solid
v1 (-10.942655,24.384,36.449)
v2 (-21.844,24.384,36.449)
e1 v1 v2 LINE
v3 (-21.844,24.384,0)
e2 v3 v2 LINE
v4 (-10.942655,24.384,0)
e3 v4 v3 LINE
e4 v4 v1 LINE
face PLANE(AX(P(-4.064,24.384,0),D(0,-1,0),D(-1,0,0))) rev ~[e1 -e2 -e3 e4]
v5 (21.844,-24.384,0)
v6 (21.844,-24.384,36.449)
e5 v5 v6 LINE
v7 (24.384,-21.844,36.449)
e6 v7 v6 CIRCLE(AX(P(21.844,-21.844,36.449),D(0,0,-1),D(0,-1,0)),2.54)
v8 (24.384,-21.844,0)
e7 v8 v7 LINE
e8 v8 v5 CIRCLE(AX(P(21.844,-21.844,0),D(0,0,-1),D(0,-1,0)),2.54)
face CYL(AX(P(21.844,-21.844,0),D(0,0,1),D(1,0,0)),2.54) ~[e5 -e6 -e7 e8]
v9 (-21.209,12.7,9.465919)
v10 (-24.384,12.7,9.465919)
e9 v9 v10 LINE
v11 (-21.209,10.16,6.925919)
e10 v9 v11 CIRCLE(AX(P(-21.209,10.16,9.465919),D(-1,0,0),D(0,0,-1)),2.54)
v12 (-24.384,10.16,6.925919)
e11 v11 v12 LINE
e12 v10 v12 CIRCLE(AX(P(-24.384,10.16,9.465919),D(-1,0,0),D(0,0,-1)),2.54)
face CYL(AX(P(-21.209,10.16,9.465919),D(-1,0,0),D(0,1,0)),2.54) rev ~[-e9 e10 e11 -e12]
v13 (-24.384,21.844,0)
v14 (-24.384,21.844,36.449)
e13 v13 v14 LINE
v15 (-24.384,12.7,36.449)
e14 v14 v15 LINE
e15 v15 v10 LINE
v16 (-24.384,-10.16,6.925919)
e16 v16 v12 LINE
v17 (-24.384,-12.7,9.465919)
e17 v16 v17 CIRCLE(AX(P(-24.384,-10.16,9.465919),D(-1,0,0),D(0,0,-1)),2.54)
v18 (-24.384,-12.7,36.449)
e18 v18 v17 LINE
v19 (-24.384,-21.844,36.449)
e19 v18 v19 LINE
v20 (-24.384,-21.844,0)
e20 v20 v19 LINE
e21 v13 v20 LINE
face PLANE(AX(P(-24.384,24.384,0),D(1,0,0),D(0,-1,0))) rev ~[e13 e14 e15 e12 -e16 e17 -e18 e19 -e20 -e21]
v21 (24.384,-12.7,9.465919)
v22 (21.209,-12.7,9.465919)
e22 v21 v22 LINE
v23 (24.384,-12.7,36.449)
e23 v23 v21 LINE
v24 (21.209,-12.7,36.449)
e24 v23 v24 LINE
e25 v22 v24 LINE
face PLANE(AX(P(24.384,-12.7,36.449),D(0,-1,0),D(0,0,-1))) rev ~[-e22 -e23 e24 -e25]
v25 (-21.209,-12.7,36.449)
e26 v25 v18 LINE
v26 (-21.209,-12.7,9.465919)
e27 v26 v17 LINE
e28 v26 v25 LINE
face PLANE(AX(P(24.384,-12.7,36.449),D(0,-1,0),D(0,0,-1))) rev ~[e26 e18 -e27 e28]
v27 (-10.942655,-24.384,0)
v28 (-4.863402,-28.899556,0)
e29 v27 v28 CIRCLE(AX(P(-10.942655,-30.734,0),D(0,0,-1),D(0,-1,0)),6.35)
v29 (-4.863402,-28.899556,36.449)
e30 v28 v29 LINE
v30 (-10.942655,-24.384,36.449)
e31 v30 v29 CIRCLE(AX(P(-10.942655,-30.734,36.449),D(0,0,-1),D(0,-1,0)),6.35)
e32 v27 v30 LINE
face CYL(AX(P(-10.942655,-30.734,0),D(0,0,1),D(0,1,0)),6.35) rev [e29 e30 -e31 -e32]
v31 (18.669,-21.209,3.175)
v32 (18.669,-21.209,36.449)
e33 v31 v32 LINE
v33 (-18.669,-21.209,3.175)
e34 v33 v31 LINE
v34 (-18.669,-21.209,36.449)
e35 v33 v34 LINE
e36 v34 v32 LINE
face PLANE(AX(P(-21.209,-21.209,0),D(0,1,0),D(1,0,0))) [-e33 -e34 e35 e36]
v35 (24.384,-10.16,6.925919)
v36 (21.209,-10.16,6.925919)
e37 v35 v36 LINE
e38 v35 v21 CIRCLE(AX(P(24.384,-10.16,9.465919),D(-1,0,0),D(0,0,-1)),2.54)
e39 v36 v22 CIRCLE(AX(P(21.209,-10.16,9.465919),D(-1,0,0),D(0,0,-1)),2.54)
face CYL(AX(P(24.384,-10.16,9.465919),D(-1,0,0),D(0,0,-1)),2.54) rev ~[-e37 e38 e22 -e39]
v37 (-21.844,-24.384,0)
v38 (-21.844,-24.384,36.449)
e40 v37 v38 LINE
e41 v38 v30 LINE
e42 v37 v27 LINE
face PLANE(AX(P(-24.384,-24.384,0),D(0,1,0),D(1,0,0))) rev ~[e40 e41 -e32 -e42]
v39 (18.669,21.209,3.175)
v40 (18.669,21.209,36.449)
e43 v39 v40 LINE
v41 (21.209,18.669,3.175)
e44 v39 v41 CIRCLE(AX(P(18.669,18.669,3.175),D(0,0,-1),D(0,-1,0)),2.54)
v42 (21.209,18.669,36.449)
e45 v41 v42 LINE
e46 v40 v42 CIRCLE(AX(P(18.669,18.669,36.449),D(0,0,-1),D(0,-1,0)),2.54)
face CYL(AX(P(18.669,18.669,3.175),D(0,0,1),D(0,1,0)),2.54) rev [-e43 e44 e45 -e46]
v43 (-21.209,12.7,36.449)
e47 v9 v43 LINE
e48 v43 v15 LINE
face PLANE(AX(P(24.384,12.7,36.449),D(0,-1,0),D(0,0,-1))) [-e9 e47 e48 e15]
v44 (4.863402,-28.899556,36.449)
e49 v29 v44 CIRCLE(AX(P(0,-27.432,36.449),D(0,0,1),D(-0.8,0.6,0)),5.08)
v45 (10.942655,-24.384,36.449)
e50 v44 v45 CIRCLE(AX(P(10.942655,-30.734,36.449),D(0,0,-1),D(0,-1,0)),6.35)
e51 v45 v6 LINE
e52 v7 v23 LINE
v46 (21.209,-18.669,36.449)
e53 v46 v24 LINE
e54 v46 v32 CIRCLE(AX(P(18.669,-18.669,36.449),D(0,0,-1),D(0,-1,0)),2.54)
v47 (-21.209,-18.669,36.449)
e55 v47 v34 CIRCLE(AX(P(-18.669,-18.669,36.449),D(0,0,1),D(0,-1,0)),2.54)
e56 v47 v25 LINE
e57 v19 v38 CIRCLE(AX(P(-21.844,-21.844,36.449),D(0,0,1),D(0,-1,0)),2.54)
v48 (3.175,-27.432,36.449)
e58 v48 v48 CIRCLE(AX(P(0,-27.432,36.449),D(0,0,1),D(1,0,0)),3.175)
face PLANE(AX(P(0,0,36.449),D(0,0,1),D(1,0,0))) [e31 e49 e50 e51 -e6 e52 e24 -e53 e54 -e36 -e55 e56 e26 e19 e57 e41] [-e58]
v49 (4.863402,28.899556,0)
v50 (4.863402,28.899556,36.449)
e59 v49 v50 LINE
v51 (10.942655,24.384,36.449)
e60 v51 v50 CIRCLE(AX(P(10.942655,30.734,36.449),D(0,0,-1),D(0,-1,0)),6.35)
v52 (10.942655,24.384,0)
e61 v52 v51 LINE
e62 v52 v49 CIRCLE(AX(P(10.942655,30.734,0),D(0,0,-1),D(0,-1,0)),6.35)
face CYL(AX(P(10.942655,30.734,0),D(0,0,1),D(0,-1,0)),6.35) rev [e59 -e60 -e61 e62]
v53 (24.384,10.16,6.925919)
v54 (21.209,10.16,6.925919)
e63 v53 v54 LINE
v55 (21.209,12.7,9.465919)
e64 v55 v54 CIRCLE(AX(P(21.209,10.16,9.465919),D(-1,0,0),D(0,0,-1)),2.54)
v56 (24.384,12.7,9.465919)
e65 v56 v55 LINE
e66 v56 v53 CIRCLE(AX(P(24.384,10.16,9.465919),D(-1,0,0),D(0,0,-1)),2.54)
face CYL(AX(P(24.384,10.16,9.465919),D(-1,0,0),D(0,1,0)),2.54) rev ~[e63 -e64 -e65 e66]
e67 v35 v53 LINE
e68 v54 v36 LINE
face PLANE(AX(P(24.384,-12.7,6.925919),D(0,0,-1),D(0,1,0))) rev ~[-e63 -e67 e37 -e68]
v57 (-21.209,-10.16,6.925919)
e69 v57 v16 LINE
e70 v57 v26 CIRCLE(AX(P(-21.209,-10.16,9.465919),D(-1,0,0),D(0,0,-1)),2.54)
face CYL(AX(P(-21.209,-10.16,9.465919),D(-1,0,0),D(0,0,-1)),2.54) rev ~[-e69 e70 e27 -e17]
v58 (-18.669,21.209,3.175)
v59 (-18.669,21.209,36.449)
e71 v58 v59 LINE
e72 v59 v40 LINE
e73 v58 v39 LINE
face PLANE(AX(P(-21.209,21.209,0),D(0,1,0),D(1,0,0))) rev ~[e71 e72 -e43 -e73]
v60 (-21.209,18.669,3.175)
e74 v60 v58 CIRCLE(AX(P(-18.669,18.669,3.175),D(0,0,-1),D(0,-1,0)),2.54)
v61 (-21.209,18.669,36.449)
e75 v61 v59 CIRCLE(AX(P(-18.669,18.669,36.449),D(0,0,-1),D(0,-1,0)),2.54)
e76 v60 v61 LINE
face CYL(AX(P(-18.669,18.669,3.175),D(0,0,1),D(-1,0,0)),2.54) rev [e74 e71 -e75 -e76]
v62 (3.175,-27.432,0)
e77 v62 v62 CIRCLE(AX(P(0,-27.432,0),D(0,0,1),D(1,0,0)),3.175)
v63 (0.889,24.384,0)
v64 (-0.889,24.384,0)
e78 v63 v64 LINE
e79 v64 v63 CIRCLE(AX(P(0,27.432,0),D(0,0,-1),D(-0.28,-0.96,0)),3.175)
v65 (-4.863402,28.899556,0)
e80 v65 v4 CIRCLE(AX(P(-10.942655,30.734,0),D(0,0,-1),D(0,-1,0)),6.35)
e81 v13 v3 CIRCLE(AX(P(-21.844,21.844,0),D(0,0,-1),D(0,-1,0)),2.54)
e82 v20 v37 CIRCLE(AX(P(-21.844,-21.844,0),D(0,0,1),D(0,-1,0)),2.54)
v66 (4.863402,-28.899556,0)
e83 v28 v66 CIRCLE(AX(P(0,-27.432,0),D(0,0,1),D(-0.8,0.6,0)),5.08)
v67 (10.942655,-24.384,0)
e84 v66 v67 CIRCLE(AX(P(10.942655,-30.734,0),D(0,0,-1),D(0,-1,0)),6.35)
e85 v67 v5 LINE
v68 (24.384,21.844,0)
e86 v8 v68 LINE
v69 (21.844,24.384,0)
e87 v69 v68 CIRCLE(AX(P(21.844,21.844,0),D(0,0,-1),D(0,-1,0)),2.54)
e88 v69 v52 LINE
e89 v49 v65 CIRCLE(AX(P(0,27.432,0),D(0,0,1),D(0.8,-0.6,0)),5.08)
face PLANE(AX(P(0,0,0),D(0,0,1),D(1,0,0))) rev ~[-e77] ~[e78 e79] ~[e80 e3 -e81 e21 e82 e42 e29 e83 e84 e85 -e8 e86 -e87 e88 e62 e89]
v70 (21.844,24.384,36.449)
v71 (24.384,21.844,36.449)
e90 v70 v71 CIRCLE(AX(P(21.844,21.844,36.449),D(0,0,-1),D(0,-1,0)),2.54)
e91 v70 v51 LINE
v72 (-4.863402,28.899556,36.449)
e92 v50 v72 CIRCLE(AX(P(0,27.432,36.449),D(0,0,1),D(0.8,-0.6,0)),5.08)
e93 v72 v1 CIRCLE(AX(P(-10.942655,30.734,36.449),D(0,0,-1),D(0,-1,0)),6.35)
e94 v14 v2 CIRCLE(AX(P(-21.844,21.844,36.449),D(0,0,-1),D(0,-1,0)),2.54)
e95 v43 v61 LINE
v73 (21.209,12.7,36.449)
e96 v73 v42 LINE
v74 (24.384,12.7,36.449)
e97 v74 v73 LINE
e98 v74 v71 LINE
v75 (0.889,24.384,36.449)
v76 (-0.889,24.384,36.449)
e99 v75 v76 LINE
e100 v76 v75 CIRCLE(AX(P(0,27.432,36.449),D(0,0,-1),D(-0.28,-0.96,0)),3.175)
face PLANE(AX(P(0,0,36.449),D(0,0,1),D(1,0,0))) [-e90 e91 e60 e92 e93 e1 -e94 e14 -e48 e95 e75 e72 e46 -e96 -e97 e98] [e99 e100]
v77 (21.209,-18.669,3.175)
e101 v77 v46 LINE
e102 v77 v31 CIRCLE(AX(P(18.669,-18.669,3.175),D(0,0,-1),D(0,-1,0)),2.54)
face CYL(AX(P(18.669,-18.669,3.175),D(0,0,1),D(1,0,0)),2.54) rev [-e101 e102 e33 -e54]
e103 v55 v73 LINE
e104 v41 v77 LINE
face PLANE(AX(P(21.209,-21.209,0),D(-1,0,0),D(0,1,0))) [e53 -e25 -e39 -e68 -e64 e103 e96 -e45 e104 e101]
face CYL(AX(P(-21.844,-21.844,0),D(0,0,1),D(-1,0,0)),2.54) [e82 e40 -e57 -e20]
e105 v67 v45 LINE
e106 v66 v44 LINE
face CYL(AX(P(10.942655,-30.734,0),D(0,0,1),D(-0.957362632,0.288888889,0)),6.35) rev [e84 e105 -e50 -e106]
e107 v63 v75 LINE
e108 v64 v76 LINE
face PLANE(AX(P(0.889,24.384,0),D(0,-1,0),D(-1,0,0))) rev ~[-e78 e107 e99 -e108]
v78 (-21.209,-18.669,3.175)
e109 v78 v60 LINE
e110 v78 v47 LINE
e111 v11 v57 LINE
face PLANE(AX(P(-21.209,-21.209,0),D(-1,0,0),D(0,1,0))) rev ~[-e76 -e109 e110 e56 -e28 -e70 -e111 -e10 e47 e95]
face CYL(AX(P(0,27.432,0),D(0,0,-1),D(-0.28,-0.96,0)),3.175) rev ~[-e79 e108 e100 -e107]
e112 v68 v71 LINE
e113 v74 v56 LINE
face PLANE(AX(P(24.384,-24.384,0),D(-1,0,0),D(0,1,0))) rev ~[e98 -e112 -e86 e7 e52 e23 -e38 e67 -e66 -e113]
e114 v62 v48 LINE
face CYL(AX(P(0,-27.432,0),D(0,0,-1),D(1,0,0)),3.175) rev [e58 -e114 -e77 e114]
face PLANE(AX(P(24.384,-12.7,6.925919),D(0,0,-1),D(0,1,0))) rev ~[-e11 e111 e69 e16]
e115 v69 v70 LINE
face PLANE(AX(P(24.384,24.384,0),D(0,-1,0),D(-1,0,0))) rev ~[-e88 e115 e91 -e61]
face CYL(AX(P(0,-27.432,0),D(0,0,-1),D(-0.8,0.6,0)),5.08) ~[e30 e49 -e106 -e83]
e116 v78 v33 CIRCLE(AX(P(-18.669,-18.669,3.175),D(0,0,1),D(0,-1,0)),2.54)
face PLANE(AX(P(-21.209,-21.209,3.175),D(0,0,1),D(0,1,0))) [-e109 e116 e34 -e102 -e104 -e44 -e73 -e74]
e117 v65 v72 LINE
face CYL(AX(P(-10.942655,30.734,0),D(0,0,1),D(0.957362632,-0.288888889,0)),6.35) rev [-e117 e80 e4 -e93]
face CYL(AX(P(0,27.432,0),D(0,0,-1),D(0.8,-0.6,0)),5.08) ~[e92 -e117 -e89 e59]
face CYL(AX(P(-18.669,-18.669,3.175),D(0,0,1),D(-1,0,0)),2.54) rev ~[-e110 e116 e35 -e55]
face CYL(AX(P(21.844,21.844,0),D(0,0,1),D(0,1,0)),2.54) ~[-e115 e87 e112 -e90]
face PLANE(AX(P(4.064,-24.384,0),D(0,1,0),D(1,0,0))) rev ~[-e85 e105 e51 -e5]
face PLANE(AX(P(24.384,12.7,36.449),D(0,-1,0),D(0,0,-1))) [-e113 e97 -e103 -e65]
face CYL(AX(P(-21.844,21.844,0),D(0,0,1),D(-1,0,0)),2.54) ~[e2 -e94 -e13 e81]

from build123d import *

# Parameters (mm, degrees)
SKETCH1_W           = 42.418
SKETCH1_H           = 42.418
SKETCH1_R           = 3.175
BOSS_EXTRUDE1_DEPTH = 36.449
BOSS_EXTRUDE2_REACH = 68.815
SKETCH2_W           = 3.175
SKETCH2_H           = 42.418
SKETCH4_W           = 29.523081252
SKETCH4_H           = 25.4
CUT_EXTRUDE2_DEPTH  = 70.020848799
FILLET1_R           = 2.54
FILLET2_R           = 6.35


with BuildPart() as part:
    # Sketch1 → Boss-Extrude1 (new body)
    with BuildSketch(Plane.XY):
        with BuildLine():
            Line((4.064, -24.384), (24.384, -24.384))
            Line((24.384, -24.384), (24.384, 24.384))
            Line((24.384, 24.384), (4.064, 24.384))
            ThreePointArc((4.064, 24.384), (0, 32.512), (-4.064, 24.384))
            Line((-4.064, 24.384), (-24.384, 24.384))
            Line((-24.384, 24.384), (-24.384, -24.384))
            Line((-24.384, -24.384), (-4.064, -24.384))
            ThreePointArc((-4.064, -24.384), (0, -32.512), (4.064, -24.384))
        make_face()
        with BuildLine():
            ThreePointArc((-0.889, 24.384), (0, 30.607), (0.889, 24.384))
            Line((0.889, 24.384), (-0.889, 24.384))
        make_face(mode=Mode.SUBTRACT)
        Rectangle(SKETCH1_W, SKETCH1_H, mode=Mode.SUBTRACT)
        with Locations((0, -27.432)):
            Circle(SKETCH1_R, mode=Mode.SUBTRACT)
    extrude(amount=BOSS_EXTRUDE1_DEPTH)

    # Sketch2 → Boss-Extrude2 (add, up to next)
    with BuildSketch(Plane(origin=(-21.209, 0, 0), x_dir=(0, 0, -1), z_dir=(1, 0, 0)), mode=Mode.PRIVATE) as boss_extrude2_sk1:
        with Locations((-1.5875, 0)):
            Rectangle(SKETCH2_W, SKETCH2_H)
    boss_extrude2_tool1 = extrude(boss_extrude2_sk1.sketch, amount=BOSS_EXTRUDE2_REACH, mode=Mode.PRIVATE) - part.part
    add(boss_extrude2_tool1.solids().sort_by_distance((-21.209, 0, 1.5875))[0])

    # Sketch4 → Cut-Extrude2 (cut, through all)
    with BuildSketch(Plane(origin=(24.384, 0, 0), x_dir=(0, 0, -1), z_dir=(1, 0, 0))):
        with Locations((-21.687459374, 0)):
            Rectangle(SKETCH4_W, SKETCH4_H)
    extrude(amount=-CUT_EXTRUDE2_DEPTH, mode=Mode.SUBTRACT)

    # Fillet1
    fillet1_edges = [part.edges().sort_by_distance(p)[0] for p in [
        (-21.209, -21.209, 19.812),
        (21.209, -21.209, 19.812),
        (21.209, 21.209, 19.812),
        (-21.209, 21.209, 19.812),
        (24.384, 24.384, 18.2245),
        (24.384, -24.384, 18.2245),
        (-24.384, -24.384, 18.2245),
        (-24.384, 24.384, 18.2245),
        (22.7965, 12.7, 6.925918748),
        (22.7965, -12.7, 6.925918748),
        (-22.7965, 12.7, 6.925918748),
        (-22.7965, -12.7, 6.925918748),
    ]]
    fillet(fillet1_edges, radius=FILLET1_R)

    # Fillet2
    fillet2_edges = [part.edges().sort_by_distance(p)[0] for p in [
        (4.064, 24.384, 18.2245),
        (4.064, -24.384, 18.2245),
        (-4.064, -24.384, 18.2245),
        (-4.064, 24.384, 18.2245),
    ]]
    fillet(fillet2_edges, radius=FILLET2_R)


solid = part.part
